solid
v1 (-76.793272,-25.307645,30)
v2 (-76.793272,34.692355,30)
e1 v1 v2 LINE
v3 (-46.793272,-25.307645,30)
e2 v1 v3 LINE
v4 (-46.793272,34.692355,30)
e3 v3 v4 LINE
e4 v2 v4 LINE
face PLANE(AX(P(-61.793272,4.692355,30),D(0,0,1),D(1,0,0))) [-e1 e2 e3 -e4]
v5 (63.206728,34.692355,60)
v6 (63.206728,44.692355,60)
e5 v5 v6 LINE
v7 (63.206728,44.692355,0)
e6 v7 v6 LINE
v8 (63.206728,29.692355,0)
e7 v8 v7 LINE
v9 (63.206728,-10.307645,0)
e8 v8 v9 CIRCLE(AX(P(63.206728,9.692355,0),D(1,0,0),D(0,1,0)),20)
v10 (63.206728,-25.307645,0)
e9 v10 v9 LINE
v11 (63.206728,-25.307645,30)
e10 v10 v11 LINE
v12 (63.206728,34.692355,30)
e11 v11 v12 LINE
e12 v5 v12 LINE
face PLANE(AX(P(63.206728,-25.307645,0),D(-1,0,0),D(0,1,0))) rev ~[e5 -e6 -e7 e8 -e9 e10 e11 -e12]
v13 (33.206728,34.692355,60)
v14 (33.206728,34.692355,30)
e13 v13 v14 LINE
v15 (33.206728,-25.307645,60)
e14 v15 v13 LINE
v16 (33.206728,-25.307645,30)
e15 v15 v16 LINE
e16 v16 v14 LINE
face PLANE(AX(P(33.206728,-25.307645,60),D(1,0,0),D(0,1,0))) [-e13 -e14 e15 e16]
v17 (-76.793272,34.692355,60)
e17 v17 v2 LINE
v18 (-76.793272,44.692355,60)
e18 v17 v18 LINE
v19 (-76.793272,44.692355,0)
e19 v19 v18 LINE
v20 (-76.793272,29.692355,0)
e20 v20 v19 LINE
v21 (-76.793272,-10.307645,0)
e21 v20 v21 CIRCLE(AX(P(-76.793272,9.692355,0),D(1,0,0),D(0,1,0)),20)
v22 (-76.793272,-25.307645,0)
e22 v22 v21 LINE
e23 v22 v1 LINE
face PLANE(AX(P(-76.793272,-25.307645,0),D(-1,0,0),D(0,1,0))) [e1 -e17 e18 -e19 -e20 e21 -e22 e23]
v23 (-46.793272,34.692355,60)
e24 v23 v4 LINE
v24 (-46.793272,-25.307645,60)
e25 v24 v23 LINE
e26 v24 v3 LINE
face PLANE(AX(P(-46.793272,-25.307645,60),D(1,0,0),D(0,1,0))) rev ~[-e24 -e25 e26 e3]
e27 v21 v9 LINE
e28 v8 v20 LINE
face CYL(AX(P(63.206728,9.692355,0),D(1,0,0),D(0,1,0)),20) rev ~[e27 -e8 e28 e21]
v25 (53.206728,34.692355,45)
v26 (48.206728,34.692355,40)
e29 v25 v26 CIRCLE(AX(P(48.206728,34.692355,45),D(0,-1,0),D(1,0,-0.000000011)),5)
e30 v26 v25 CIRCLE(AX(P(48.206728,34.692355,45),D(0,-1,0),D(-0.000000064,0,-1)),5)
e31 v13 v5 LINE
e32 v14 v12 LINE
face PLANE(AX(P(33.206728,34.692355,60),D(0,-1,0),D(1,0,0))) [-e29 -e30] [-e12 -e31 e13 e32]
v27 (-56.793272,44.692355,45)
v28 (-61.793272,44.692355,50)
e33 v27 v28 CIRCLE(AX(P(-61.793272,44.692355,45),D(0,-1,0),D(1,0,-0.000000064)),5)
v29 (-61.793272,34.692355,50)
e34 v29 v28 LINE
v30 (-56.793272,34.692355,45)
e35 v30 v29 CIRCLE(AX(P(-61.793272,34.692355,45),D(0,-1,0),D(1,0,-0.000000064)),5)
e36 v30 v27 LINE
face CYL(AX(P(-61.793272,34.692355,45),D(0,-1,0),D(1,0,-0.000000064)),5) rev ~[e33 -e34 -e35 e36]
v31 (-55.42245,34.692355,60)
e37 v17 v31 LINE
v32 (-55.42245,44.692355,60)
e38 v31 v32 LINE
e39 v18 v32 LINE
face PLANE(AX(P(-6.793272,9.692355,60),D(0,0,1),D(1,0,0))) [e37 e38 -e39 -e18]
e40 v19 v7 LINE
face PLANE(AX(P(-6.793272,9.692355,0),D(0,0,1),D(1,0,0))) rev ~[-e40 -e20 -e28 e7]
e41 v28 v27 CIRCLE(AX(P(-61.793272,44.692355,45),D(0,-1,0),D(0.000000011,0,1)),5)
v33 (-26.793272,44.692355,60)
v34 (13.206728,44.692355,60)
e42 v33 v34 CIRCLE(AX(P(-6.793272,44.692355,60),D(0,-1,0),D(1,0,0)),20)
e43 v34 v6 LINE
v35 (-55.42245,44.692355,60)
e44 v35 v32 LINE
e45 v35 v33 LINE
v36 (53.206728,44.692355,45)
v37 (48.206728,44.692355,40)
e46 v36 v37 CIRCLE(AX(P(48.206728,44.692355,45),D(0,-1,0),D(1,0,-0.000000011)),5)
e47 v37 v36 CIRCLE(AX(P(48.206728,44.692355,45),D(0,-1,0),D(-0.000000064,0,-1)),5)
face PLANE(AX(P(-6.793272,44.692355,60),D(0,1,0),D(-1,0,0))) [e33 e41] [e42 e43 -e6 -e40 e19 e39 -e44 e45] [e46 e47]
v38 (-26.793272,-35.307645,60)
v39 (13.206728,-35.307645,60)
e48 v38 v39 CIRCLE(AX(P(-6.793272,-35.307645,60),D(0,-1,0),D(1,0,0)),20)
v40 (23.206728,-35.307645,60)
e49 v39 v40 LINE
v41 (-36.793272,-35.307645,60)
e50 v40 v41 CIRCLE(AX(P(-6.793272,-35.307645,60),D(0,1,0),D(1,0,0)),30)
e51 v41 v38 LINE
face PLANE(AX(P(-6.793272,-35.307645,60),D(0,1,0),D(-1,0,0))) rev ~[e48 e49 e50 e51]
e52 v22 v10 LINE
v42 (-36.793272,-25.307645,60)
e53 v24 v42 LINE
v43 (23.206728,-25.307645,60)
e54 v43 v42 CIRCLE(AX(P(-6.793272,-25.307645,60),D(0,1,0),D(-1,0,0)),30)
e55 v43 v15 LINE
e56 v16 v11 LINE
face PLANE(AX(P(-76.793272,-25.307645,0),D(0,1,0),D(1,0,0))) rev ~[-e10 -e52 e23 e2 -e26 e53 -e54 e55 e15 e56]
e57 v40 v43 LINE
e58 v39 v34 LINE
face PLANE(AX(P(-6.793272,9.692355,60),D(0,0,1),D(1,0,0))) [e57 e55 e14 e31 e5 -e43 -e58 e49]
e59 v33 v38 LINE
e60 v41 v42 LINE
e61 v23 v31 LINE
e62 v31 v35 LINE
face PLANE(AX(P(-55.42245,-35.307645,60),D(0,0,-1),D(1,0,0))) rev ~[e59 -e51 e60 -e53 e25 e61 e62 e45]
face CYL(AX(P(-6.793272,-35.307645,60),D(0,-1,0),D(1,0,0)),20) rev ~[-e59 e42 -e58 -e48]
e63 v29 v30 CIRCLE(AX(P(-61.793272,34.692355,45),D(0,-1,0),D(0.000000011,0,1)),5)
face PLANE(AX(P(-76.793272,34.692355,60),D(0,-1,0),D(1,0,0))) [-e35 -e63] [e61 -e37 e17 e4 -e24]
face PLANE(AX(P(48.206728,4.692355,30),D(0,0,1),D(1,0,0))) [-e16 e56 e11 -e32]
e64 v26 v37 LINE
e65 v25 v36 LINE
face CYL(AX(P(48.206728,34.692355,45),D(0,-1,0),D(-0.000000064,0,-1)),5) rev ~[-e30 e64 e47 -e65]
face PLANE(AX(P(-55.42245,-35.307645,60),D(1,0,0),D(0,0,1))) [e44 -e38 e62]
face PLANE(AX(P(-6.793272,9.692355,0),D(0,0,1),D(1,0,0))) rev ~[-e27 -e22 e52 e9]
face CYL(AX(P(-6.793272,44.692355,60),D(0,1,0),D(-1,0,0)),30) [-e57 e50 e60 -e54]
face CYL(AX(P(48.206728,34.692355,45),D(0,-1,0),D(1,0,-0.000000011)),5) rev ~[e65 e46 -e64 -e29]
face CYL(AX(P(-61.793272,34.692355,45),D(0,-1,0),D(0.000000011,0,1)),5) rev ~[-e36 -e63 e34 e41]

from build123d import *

# Parameters (mm, degrees)
F0_W      = 140
F0_H      = 70
F1_DEPTH  = 60
F2_R      = 20
F3_DEPTH  = 144.4
F4_W      = 30
F4_H      = 60
F5_DEPTH  = 30
F7_DEPTH  = 25
F8_R      = 30
F9_DEPTH  = 80
F10_R     = 20
F11_DEPTH = 80
F12_W     = 39.848283
F12_H     = 31.382198
F13_DEPTH = 80
F14_W     = 48.629179
F14_H     = 31.993205
F15_DEPTH = 80
F16_W     = 30
F16_H     = 60
F17_DEPTH = 30
F19_DEPTH = 10


with BuildPart() as f1:
    # F0 (on Top) → F1 (new body)
    with BuildSketch(Plane.XY):
        with Locations((-6.793272, 9.692355)):
            Rectangle(F0_W, F0_H)
    extrude(amount=F1_DEPTH)

    # F2 (on face) → F3 (cut)
    with BuildSketch(Plane.YZ.offset(63.206728)):
        with Locations((9.692355, 0)):
            Circle(F2_R)
    extrude(amount=-F3_DEPTH, mode=Mode.SUBTRACT)

    # F4 (on face) → F5 (cut)
    with BuildSketch(Plane.XY.offset(60)):
        with Locations((48.206728, 4.692355)):
            Rectangle(F4_W, F4_H)
    extrude(amount=-F5_DEPTH, mode=Mode.SUBTRACT)

    # F6 (on face) → F7 (cut)
    with BuildSketch(Plane.XZ.offset(-34.692355)):
        with BuildLine():
            ThreePointArc((53.206728, 45), (44.671194, 48.535534), (48.206728, 40))
            ThreePointArc((48.206728, 40), (51.742262, 41.464466), (53.206728, 45))
        make_face()
    extrude(amount=-F7_DEPTH, mode=Mode.SUBTRACT)

    # F8 (on face) → F9 (join)
    with BuildSketch(Plane(origin=(0, 44.692355, 0), x_dir=(-1, 0, 0), z_dir=(0, 1, 0))):
        with Locations((6.793272, 60)):
            Circle(F8_R)
    extrude(amount=-F9_DEPTH)

    # F10 (on face) → F11 (cut)
    with BuildSketch(Plane.XZ.offset(35.307645)):
        with Locations((-6.793272, 60)):
            Circle(F10_R)
    extrude(amount=-F11_DEPTH, mode=Mode.SUBTRACT)

    # F12 (on face) → F13 (cut)
    with BuildSketch(Plane.XZ.offset(35.307645)):
        with Locations((13.130869, 75.691099)):
            Rectangle(F12_W, F12_H)
    extrude(amount=-F13_DEPTH, mode=Mode.SUBTRACT)

    # F14 (on face) → F15 (cut)
    with BuildSketch(Plane.XZ.offset(35.307645)):
        with Locations((-31.107861, 75.996602)):
            Rectangle(F14_W, F14_H)
    extrude(amount=-F15_DEPTH, mode=Mode.SUBTRACT)

    # F16 (on face) → F17 (cut)
    with BuildSketch(Plane.XY.offset(60)):
        with Locations((-61.793272, 4.692355)):
            Rectangle(F16_W, F16_H)
    extrude(amount=-F17_DEPTH, mode=Mode.SUBTRACT)

    # F18 (on face) → F19 (cut)
    with BuildSketch(Plane.XZ.offset(-34.692355)):
        with BuildLine():
            ThreePointArc((-61.793272, 50), (-65.328806, 41.464466), (-56.793272, 45))
            ThreePointArc((-56.793272, 45), (-58.257738, 48.535534), (-61.793272, 50))
        make_face()
    extrude(amount=-F19_DEPTH, mode=Mode.SUBTRACT)


solid = f1.part
